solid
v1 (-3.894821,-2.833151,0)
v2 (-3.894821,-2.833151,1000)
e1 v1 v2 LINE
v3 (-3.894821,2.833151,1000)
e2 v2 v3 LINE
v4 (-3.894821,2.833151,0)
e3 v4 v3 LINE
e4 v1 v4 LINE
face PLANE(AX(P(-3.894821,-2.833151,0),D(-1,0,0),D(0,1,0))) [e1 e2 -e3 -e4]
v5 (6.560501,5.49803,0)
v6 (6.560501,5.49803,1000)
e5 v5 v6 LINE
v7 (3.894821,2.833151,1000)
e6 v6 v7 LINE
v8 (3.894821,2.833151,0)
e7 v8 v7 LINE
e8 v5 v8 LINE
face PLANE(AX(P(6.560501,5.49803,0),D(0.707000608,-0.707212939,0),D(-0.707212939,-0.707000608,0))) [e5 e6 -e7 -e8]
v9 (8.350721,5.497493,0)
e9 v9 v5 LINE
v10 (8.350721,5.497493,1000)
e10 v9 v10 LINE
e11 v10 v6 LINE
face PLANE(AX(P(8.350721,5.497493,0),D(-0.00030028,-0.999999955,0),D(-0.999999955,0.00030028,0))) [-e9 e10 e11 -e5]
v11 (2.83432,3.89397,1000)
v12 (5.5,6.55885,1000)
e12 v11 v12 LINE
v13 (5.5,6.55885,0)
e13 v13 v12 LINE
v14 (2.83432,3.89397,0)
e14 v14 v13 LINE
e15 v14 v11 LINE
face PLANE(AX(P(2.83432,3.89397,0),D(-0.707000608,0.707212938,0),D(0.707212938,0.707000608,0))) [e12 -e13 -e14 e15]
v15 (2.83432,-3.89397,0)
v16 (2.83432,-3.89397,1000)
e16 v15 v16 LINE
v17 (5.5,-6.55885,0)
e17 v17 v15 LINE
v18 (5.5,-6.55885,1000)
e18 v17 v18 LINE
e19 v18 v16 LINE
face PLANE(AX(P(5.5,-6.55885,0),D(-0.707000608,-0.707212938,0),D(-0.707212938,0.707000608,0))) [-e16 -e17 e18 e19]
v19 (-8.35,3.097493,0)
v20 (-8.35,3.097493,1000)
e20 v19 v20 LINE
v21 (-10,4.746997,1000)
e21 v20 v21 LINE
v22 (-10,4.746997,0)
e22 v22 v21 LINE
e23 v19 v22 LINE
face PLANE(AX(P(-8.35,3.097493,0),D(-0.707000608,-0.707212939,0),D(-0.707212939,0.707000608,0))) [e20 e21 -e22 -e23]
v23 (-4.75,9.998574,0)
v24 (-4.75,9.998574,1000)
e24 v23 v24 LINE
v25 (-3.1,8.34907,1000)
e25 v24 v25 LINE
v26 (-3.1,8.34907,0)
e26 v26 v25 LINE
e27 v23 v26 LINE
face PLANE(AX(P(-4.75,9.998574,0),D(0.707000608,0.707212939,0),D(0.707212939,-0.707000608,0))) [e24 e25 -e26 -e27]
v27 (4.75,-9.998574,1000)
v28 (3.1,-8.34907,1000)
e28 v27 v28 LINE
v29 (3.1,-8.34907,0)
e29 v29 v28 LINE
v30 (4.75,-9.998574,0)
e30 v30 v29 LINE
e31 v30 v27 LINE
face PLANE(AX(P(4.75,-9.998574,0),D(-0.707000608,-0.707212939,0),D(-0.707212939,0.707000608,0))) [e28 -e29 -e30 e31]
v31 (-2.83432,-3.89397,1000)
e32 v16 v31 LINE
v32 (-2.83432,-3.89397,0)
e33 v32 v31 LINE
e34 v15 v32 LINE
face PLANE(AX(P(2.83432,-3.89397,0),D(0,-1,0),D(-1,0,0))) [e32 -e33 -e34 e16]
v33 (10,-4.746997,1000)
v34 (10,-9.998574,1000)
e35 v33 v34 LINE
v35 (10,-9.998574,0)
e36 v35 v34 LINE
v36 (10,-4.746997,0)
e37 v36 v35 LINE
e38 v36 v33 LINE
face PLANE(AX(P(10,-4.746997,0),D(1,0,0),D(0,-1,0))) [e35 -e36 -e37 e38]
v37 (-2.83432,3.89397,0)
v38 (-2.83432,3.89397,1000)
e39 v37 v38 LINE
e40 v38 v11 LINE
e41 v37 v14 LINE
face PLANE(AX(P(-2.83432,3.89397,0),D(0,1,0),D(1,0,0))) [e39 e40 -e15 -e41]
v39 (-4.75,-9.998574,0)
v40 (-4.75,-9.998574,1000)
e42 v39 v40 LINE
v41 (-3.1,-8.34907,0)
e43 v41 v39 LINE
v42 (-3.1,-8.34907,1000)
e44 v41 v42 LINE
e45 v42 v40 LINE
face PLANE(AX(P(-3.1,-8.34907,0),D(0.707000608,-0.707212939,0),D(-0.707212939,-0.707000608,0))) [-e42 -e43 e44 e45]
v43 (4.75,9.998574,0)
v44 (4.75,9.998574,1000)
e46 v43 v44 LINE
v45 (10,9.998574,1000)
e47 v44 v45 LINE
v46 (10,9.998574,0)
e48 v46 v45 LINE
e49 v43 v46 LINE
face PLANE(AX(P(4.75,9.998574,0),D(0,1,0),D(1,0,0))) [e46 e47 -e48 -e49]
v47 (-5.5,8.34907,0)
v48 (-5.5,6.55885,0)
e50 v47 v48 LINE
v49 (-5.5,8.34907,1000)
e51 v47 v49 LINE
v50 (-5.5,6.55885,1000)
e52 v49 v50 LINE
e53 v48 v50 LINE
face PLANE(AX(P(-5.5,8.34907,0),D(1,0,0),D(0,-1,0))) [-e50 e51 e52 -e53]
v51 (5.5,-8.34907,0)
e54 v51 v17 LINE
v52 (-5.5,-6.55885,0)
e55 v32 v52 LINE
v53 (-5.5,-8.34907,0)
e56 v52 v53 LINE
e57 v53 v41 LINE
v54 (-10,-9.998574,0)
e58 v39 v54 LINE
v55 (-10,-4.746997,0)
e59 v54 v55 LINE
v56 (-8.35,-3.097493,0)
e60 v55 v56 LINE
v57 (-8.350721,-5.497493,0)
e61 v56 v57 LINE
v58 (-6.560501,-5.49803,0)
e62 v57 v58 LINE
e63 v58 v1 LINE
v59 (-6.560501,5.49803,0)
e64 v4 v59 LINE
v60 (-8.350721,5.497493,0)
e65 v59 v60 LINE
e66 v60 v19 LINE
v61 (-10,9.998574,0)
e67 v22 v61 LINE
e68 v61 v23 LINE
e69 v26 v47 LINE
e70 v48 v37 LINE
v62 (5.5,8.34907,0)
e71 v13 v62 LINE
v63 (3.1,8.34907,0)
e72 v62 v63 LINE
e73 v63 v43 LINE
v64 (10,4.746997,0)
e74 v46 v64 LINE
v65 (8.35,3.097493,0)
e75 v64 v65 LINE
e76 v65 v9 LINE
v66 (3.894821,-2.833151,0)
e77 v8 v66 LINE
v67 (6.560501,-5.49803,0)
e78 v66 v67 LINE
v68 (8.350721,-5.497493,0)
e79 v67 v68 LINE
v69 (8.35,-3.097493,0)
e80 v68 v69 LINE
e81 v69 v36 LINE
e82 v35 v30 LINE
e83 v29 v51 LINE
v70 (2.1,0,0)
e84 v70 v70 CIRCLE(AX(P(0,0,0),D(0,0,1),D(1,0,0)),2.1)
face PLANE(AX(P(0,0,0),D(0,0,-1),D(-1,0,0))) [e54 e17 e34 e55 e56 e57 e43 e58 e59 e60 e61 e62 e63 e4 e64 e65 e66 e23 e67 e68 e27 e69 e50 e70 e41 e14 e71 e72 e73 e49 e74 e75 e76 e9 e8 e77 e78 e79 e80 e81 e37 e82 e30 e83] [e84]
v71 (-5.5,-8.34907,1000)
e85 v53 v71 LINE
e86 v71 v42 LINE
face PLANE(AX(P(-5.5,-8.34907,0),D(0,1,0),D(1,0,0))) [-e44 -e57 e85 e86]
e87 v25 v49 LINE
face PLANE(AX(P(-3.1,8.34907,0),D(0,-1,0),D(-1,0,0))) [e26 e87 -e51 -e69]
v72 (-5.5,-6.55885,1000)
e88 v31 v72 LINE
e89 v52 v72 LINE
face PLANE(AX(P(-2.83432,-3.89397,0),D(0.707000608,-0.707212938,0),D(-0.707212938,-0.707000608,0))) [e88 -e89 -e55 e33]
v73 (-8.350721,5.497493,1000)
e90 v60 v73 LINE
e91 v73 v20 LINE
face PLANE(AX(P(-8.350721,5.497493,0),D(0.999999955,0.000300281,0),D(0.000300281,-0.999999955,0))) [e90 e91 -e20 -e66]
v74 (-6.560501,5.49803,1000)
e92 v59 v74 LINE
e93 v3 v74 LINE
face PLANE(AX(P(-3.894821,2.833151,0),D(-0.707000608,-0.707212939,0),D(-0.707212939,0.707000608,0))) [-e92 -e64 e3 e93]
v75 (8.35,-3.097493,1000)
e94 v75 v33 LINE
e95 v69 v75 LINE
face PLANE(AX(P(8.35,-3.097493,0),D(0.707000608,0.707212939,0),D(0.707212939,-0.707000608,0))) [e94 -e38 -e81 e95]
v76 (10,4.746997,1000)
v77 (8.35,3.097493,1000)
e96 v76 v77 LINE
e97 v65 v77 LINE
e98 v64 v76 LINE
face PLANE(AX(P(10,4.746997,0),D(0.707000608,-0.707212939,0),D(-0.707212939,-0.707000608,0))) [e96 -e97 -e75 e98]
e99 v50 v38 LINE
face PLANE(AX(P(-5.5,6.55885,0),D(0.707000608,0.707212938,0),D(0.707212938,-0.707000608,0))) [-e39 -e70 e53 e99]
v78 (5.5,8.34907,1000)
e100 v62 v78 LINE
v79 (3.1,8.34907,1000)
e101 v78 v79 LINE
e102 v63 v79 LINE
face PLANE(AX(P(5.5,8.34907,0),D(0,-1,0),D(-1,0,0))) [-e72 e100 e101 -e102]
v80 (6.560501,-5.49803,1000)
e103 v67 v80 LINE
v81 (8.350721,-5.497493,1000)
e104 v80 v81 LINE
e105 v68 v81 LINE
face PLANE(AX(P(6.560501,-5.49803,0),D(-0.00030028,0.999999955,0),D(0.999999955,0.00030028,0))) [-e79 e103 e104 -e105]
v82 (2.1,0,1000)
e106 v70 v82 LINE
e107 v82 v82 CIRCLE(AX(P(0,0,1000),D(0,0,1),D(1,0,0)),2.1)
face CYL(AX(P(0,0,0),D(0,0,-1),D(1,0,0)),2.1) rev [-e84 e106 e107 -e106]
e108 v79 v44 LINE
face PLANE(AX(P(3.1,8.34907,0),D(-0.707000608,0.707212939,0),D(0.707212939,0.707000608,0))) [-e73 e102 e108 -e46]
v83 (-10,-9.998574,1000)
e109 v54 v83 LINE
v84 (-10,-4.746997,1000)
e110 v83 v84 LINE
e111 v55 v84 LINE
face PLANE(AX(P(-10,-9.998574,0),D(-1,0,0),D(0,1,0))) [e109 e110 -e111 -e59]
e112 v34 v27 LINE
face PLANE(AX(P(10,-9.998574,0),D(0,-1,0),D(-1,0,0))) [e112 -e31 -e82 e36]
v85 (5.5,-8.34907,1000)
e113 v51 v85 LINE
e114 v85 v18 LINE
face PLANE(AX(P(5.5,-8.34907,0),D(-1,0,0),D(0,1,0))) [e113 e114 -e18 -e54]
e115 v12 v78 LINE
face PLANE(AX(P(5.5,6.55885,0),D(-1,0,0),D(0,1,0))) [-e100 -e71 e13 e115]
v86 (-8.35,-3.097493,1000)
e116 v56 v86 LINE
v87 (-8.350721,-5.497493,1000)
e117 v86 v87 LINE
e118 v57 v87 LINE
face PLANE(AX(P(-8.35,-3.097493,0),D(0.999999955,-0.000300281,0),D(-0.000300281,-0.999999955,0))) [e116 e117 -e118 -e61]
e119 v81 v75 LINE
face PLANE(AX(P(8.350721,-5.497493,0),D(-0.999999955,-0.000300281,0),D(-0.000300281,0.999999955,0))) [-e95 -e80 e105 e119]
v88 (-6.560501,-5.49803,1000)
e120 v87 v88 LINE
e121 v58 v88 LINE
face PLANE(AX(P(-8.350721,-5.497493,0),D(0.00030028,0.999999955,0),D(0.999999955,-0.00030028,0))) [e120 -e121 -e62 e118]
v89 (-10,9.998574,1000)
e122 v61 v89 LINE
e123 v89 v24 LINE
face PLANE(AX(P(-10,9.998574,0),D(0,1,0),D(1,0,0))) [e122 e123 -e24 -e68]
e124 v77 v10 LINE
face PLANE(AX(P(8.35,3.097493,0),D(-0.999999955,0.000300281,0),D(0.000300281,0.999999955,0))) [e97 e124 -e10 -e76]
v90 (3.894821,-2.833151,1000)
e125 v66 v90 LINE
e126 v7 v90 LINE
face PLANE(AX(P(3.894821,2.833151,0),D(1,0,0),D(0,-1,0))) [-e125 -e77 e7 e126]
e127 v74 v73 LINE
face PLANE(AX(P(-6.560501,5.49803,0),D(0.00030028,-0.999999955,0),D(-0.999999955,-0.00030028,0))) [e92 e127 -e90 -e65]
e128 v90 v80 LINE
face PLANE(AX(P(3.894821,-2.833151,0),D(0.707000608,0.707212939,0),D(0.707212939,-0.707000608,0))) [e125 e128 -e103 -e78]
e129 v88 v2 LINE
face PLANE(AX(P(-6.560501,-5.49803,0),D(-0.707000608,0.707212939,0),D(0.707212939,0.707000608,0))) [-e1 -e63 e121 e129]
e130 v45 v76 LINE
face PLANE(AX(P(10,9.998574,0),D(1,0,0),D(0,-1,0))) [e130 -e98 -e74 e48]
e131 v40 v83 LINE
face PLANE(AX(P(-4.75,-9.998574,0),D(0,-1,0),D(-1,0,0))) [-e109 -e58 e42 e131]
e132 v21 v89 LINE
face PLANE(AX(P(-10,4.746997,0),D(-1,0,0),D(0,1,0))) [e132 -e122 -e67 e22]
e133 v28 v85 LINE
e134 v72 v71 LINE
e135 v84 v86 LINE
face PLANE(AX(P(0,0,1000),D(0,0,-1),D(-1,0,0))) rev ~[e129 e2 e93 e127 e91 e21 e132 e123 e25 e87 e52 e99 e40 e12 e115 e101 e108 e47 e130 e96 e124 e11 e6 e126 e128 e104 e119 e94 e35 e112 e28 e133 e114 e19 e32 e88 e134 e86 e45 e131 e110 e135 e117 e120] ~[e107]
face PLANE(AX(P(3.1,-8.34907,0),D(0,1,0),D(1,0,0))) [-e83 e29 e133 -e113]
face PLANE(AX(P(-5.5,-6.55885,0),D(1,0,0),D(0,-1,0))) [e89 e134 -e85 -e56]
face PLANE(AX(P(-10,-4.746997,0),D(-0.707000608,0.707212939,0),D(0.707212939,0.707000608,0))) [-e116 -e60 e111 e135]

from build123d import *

# Parameters (mm, degrees)
SKETCH1_R           = 2.1
BOSS_EXTRUDE1_DEPTH = 1000


with BuildPart() as part:
    # Sketch1 → Boss-Extrude1 (new body)
    with BuildSketch(Plane.XY):
        Polygon((2.834320347, 3.893970342), (5.5, 6.558849663), (5.5, 8.349069506), (3.1, 8.349069506), (4.75, 9.998574117), (10, 9.998574117), (10, 4.746997406), (8.35, 3.097492795), (8.350720674, 5.497492687), (6.560500912, 5.498030255), (3.894821259, 2.833150935), (3.894821259, -2.833150935), (6.560500912, -5.498030255), (8.350720674, -5.497492687), (8.35, -3.097492795), (10, -4.746997406), (10, -9.998574117), (4.75, -9.998574117), (3.1, -8.349069506), (5.5, -8.349069506), (5.5, -6.558849663), (2.834320347, -3.893970342), (-2.834320347, -3.893970342), (-5.5, -6.558849663), (-5.5, -8.349069506), (-3.1, -8.349069506), (-4.75, -9.998574117), (-10, -9.998574117), (-10, -4.746997406), (-8.35, -3.097492795), (-8.350720674, -5.497492687), (-6.560500912, -5.498030255), (-3.894821259, -2.833150935), (-3.894821259, 2.833150935), (-6.560500912, 5.498030255), (-8.350720674, 5.497492687), (-8.35, 3.097492795), (-10, 4.746997406), (-10, 9.998574117), (-4.75, 9.998574117), (-3.1, 8.349069506), (-5.5, 8.349069506), (-5.5, 6.558849663), (-2.834320347, 3.893970342), align=None)
        Circle(SKETCH1_R, mode=Mode.SUBTRACT)
    extrude(amount=BOSS_EXTRUDE1_DEPTH)


solid = part.part
